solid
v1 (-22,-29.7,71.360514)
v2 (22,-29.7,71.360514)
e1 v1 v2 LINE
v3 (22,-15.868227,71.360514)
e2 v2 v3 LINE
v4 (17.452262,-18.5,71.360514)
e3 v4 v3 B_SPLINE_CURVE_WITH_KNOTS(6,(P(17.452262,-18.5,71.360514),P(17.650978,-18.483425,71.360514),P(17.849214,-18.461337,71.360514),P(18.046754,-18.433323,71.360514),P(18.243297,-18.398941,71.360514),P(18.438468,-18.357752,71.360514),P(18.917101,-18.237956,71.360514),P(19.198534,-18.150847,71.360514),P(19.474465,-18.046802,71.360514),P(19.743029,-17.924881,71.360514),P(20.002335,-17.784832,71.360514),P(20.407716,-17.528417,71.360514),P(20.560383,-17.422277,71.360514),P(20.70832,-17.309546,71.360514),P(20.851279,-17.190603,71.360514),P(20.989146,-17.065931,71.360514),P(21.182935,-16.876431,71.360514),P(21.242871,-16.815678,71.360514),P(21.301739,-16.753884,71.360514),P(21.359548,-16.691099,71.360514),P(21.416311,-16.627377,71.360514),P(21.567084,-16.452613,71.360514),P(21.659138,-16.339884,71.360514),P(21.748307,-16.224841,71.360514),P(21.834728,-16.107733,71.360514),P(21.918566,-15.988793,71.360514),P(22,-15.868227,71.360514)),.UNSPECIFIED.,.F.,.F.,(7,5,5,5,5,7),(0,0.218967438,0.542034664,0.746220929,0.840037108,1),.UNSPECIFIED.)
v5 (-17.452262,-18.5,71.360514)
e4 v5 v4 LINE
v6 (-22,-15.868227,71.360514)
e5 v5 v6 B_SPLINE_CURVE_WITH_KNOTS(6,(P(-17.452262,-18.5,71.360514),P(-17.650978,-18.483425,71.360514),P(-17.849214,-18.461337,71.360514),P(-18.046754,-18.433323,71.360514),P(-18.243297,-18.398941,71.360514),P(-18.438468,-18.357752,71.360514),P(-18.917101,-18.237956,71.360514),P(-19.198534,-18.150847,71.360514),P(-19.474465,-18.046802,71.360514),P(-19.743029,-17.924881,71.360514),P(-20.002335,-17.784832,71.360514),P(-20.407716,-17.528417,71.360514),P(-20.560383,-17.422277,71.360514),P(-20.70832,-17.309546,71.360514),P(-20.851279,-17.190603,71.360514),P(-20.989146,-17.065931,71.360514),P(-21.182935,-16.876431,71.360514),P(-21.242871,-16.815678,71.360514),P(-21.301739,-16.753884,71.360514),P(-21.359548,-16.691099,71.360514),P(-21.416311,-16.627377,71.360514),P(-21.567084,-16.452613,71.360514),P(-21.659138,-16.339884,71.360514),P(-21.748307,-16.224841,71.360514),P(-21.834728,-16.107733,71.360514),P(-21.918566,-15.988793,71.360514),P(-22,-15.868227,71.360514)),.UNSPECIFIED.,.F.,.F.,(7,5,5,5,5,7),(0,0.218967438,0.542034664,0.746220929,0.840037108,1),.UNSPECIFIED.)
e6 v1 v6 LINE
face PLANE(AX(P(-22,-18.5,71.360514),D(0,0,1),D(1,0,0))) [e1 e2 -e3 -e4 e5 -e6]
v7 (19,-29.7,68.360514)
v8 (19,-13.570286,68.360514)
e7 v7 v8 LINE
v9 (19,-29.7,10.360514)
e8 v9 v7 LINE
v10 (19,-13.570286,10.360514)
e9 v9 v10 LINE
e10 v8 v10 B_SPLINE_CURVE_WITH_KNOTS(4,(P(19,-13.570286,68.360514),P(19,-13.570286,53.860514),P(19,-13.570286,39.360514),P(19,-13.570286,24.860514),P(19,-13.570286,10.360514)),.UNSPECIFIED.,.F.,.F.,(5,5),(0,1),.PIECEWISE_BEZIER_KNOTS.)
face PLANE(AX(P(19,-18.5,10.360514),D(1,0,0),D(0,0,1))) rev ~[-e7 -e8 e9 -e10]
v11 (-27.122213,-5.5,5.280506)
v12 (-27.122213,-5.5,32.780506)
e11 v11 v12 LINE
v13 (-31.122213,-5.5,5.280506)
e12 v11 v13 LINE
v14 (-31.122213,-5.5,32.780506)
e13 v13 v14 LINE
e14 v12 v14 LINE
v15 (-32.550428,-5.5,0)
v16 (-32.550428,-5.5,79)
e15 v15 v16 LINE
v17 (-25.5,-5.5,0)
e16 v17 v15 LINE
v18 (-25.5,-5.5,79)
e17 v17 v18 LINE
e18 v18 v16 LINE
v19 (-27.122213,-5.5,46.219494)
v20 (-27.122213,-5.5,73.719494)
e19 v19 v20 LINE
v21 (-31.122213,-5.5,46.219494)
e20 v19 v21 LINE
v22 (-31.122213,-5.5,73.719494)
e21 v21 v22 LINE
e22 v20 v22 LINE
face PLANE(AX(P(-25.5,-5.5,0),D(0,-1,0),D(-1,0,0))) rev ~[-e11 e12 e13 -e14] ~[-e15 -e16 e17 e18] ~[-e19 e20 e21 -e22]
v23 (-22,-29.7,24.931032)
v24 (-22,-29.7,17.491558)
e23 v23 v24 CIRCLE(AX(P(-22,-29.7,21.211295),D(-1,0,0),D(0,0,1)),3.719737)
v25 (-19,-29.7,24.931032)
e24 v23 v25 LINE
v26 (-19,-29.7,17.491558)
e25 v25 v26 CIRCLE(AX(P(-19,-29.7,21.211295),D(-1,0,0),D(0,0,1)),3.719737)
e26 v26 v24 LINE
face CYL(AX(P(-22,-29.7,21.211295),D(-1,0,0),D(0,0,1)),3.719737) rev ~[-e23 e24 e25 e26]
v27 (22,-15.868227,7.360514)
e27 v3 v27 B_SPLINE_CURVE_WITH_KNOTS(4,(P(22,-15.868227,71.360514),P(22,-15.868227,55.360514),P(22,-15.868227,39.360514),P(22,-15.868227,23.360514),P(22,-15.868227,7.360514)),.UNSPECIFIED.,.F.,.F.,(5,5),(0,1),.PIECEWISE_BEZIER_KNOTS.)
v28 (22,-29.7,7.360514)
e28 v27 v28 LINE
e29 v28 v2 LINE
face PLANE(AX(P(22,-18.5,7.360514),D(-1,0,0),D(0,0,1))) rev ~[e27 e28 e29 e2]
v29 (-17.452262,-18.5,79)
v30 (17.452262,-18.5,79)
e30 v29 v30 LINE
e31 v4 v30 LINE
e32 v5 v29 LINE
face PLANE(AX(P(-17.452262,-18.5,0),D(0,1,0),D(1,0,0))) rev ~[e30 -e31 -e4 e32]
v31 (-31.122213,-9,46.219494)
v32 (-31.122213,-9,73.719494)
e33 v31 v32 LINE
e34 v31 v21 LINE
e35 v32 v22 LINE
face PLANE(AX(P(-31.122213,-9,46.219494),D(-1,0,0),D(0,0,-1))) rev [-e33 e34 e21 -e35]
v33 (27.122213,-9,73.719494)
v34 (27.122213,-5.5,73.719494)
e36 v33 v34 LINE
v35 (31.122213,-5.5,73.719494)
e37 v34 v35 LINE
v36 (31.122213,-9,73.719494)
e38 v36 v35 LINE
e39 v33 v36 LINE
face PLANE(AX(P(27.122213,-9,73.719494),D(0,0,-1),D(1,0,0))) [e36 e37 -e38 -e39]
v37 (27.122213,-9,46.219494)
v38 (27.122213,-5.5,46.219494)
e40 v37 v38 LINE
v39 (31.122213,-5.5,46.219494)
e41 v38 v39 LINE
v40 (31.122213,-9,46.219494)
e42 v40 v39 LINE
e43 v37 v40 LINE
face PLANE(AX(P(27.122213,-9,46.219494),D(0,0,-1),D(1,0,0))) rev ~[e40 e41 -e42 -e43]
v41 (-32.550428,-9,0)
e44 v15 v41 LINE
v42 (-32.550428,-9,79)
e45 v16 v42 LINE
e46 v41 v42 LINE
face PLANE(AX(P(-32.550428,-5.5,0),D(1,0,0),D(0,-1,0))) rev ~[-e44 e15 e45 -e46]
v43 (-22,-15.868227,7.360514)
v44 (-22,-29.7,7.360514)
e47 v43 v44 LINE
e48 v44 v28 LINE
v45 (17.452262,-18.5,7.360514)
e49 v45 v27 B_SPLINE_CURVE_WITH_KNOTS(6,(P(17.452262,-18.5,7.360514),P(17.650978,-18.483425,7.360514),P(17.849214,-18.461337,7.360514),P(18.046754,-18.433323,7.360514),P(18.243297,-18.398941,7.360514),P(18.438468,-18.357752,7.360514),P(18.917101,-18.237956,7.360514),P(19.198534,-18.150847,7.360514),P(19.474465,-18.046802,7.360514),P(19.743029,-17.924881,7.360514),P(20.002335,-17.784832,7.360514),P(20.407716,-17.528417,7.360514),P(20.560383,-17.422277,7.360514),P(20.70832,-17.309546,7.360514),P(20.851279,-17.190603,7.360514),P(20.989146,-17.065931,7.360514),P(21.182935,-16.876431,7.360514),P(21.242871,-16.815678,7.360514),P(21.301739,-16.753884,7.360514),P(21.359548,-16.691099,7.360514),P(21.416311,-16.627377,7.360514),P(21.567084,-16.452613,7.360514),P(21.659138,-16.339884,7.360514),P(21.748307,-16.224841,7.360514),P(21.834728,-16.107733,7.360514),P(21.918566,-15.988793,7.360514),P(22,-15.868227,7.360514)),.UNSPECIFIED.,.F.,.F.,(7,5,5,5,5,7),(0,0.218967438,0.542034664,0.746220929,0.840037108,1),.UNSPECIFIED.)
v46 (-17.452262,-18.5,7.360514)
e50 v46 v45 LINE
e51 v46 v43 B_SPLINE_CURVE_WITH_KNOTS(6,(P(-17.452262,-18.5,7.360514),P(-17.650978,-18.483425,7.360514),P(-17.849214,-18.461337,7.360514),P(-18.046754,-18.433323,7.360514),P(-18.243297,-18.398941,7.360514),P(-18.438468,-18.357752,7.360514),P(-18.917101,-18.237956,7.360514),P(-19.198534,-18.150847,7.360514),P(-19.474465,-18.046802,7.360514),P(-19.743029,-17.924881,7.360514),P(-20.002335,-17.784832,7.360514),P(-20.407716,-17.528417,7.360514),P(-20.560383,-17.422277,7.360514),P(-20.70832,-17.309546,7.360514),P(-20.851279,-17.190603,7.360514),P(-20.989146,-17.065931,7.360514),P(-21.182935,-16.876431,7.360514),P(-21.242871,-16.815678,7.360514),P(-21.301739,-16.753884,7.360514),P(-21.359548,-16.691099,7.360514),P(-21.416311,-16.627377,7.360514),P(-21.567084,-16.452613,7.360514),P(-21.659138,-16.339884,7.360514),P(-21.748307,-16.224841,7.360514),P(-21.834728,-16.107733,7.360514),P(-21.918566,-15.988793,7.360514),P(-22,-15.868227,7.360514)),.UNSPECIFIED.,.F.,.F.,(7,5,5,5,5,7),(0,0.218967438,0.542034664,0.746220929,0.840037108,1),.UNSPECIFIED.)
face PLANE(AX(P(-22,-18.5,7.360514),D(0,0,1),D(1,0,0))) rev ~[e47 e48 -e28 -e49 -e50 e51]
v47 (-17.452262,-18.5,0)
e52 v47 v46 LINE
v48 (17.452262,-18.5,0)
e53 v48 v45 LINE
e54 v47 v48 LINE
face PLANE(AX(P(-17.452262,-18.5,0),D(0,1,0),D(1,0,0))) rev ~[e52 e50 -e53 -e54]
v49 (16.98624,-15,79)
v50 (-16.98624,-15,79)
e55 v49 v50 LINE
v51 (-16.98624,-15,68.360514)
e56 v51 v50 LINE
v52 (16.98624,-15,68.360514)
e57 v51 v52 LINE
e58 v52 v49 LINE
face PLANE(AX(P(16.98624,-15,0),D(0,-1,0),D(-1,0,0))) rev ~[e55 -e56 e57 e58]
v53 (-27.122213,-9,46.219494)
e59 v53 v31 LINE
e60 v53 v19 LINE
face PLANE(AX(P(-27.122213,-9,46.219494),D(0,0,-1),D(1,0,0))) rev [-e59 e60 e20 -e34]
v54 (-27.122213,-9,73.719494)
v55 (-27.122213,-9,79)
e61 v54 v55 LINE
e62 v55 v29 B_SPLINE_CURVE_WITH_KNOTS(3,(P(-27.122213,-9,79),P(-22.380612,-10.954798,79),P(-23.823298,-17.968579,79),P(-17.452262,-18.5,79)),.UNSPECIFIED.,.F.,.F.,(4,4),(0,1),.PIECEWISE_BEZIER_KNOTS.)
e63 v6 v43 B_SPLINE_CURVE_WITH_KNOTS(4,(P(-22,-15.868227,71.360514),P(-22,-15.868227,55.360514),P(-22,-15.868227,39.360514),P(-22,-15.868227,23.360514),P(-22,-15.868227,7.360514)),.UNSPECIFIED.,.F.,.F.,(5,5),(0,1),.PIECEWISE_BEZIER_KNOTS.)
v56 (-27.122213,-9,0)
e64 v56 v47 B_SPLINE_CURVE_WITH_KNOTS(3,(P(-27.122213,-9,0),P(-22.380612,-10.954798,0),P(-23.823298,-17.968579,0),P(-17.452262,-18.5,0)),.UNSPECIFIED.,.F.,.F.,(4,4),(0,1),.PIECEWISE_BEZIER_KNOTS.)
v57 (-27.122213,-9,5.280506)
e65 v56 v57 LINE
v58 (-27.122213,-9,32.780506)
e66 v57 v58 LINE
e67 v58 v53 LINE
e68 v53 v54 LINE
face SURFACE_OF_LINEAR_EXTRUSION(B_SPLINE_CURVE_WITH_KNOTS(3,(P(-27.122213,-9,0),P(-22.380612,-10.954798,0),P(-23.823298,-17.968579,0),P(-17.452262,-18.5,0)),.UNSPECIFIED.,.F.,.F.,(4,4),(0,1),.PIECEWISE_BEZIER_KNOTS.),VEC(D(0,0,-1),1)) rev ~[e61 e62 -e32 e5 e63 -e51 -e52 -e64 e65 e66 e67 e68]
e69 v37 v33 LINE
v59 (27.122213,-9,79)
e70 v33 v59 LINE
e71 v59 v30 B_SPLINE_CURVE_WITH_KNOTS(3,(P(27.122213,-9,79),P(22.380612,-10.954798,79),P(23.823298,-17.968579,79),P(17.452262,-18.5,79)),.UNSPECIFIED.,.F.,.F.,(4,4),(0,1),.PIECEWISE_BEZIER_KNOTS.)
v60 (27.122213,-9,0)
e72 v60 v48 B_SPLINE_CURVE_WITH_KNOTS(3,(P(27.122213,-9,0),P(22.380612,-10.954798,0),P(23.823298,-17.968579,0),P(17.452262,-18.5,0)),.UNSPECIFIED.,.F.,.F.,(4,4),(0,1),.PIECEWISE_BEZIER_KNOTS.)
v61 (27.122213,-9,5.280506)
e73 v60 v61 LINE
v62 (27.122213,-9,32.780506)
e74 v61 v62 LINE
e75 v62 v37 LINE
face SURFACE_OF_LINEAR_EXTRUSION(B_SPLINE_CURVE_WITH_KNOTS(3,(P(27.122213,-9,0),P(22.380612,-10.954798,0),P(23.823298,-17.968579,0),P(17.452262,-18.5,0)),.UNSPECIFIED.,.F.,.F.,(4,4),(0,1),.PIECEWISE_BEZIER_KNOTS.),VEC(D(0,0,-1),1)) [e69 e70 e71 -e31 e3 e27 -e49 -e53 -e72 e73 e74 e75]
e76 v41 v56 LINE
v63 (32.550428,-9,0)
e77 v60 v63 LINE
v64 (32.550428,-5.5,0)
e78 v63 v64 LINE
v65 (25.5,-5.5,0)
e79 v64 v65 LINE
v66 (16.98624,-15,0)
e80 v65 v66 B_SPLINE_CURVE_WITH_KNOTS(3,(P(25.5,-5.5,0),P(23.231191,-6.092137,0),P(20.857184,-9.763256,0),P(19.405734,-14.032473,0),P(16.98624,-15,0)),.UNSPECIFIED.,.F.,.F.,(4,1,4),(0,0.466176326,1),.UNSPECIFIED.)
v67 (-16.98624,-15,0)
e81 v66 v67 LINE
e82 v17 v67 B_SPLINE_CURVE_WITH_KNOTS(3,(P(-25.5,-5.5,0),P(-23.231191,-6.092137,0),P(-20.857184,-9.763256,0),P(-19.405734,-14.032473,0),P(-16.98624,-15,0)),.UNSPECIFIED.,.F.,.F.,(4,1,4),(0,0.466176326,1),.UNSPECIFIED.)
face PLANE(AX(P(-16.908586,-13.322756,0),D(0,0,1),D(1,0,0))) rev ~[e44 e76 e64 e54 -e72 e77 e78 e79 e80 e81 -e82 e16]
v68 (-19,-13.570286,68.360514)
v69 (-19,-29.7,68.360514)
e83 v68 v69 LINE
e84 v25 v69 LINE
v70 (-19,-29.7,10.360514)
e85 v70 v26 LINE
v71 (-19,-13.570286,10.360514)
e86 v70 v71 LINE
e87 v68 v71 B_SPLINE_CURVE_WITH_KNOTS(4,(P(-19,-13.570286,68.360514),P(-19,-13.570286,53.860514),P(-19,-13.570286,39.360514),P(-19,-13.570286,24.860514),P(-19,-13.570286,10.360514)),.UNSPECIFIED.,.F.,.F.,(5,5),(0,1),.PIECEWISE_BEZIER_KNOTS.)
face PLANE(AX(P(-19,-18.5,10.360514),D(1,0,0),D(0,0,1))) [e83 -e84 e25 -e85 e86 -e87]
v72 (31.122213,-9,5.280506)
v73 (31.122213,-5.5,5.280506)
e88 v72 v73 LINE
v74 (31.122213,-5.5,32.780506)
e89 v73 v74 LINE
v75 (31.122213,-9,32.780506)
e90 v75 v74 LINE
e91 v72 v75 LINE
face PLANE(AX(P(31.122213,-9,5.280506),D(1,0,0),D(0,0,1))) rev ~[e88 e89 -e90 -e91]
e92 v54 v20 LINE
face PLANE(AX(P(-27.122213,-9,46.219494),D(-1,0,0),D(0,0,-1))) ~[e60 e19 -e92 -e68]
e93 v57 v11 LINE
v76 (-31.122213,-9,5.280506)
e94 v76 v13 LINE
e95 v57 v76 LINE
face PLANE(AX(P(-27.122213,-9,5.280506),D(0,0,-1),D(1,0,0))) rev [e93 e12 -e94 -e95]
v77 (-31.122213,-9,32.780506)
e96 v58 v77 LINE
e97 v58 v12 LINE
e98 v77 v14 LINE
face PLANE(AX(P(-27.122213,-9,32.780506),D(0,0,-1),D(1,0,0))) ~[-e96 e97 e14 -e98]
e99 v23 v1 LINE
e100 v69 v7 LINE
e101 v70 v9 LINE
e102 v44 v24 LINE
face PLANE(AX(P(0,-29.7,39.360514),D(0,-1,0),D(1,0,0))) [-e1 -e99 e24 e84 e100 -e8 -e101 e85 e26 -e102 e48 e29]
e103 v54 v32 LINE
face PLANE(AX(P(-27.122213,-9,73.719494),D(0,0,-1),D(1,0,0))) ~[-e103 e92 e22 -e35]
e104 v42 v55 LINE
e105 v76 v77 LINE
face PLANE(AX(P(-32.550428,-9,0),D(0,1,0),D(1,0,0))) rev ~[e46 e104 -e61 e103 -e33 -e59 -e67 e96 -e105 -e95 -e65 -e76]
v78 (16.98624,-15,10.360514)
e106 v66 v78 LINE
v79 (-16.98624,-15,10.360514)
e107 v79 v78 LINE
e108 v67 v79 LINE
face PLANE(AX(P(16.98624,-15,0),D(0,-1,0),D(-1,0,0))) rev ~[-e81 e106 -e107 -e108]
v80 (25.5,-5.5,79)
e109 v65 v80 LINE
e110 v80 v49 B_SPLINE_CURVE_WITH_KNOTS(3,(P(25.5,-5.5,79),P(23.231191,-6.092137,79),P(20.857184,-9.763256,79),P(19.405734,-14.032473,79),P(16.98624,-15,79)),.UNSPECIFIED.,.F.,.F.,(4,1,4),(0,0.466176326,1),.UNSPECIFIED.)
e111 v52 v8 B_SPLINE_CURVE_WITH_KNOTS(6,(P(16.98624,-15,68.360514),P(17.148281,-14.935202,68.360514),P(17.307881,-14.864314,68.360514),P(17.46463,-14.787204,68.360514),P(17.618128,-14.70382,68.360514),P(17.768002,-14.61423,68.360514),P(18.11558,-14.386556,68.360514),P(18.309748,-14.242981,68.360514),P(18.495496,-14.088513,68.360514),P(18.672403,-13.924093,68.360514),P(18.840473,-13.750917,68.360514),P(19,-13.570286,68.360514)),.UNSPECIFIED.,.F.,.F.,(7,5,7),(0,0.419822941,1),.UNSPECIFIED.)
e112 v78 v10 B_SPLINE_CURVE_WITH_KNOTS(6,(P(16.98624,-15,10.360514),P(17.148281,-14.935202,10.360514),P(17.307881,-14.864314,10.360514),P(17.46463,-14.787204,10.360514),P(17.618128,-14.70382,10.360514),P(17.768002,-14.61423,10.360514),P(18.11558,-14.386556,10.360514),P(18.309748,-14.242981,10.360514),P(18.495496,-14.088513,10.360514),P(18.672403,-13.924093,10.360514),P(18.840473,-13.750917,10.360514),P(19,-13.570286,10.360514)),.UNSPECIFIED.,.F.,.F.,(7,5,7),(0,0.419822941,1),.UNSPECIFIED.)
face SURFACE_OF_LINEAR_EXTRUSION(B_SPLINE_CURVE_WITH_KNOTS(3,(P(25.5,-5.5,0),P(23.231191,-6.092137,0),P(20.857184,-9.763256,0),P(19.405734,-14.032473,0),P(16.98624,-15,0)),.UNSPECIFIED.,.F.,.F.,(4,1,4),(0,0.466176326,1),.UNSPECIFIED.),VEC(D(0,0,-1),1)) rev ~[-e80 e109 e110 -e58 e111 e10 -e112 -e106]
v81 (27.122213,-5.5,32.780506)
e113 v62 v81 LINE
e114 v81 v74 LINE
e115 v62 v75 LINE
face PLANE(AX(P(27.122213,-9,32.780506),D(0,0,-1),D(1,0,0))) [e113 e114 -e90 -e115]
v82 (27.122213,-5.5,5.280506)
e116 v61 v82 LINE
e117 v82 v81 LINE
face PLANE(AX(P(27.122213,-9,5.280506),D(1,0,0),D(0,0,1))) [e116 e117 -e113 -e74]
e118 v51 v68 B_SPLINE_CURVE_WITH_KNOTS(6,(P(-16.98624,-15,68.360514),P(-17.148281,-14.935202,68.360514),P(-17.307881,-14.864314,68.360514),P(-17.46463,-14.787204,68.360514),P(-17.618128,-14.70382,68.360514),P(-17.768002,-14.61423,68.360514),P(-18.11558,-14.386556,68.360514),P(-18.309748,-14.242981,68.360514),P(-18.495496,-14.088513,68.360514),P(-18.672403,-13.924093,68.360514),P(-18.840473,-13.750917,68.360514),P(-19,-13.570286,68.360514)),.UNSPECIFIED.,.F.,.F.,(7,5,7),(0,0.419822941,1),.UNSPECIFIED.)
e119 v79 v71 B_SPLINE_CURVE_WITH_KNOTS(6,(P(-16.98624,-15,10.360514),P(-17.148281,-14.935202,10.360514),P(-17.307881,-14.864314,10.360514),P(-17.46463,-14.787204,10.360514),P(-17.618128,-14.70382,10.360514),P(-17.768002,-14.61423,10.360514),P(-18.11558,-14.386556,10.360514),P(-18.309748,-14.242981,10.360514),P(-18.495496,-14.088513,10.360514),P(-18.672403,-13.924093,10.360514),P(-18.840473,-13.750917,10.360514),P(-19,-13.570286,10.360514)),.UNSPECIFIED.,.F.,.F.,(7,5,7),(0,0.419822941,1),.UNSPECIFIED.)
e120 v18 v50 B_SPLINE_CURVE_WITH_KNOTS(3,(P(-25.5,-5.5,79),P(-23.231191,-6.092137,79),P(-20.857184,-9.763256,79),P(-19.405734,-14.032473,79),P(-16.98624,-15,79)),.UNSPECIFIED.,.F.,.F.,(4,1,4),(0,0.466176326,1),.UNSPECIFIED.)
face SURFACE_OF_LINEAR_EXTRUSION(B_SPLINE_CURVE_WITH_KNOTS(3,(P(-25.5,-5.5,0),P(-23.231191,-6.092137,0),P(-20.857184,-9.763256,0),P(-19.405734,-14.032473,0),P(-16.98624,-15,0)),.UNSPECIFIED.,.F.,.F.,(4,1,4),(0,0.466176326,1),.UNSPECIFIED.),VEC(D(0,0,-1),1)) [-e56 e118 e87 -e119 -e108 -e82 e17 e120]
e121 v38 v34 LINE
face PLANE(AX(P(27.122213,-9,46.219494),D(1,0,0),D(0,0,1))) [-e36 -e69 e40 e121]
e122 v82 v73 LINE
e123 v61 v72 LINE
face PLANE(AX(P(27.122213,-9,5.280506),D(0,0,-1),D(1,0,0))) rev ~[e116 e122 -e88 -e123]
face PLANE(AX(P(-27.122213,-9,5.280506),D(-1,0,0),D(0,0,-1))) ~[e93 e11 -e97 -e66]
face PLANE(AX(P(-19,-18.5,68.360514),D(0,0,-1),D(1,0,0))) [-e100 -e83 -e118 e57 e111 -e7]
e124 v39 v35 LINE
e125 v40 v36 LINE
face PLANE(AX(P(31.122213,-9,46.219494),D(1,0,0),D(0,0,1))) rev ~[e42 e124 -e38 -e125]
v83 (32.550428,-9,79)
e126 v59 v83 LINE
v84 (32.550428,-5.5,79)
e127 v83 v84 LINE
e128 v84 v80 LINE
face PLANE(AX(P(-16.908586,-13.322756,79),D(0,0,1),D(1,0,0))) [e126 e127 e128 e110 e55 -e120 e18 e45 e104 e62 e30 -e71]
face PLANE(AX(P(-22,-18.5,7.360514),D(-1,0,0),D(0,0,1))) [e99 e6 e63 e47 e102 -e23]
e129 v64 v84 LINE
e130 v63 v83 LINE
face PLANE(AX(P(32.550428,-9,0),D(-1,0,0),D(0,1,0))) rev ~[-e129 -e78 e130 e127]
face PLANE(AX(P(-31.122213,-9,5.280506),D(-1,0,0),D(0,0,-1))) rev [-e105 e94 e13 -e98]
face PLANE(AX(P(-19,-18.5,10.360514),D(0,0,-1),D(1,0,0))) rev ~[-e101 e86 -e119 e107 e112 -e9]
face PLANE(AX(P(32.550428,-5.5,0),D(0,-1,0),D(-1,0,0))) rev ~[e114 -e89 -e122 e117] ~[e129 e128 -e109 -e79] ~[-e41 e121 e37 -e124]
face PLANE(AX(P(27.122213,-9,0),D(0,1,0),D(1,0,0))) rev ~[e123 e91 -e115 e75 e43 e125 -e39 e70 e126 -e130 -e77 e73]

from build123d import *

# Parameters (mm, degrees)
BOSS_EXTRUDE1_DEPTH = 79
SKETCH2_W           = 38
SKETCH2_H           = 58
CUT_EXTRUDE1_DEPTH  = 79
SKETCH2_4_W         = 44
SKETCH2_4_H         = 64
SKETCH2_4_W_2       = 38
SKETCH2_4_H_2       = 58
BOSS_EXTRUDE2_DEPTH = 11.2
BOSS_EXTRUDE3_REACH = 88.426
BOSS_EXTRUDE4_REACH = 88.426
SKETCH3_W           = 4
SKETCH3_H           = 27.5
CUT_EXTRUDE2_DEPTH  = 11.2
SKETCH4_R           = 3.719736595
CUT_EXTRUDE3_DEPTH  = 11.2


with BuildPart() as part:
    # Sketch1 → Boss-Extrude1 (new body)
    with BuildSketch(Plane.XY):
        with BuildLine():
            add(Edge.make_bspline(
                [(-25.5, -5.5), (-23.231190988, -6.092136591), (-20.857183856, -9.763256189), (-19.405733653, -14.032473401), (-16.986240344, -15)],
                knots=[0, 0, 0, 0, 0.466176326, 1, 1, 1, 1], degree=3))
            Line((-25.5, -5.5), (-32.550427966, -5.5))
            Line((-32.550427966, -5.5), (-32.550427966, -9))
            Line((-32.550427966, -9), (-27.122212975, -9))
            add(Edge.make_bspline(
                [(-27.122212975, -9), (-22.380611745, -10.95479786), (-23.823298098, -17.968578536), (-17.452262353, -18.5)],
                knots=[0, 0, 0, 0, 1, 1, 1, 1], degree=3))
            Line((-17.452262353, -18.5), (17.452262353, -18.5))
            add(Edge.make_bspline(
                [(27.122212975, -9), (22.380611745, -10.95479786), (23.823298098, -17.968578536), (17.452262353, -18.5)],
                knots=[0, 0, 0, 0, 1, 1, 1, 1], degree=3))
            Line((27.122212975, -9), (32.550427966, -9))
            Line((32.550427966, -9), (32.550427966, -5.5))
            Line((32.550427966, -5.5), (25.5, -5.5))
            add(Edge.make_bspline(
                [(25.5, -5.5), (23.231190988, -6.092136591), (20.857183856, -9.763256189), (19.405733653, -14.032473401), (16.986240344, -15)],
                knots=[0, 0, 0, 0, 0.466176326, 1, 1, 1, 1], degree=3))
            Line((16.986240344, -15), (-16.986240344, -15))
        make_face()
    extrude(amount=BOSS_EXTRUDE1_DEPTH)

    # Sketch2 → Cut-Extrude1 (cut)
    with BuildSketch(Plane.XZ.offset(18.5)):
        with Locations((0, 39.360513879)):
            Rectangle(SKETCH2_W, SKETCH2_H)
    extrude(amount=-CUT_EXTRUDE1_DEPTH, mode=Mode.SUBTRACT)

    # Sketch2<4> → Boss-Extrude2 (add)
    with BuildSketch(Plane.XZ.offset(18.5)):
        with Locations((0, 39.360513879)):
            Rectangle(SKETCH2_4_W, SKETCH2_4_H)
        with Locations((0, 39.360513879)):
            Rectangle(SKETCH2_4_W_2, SKETCH2_4_H_2, mode=Mode.SUBTRACT)
    extrude(amount=BOSS_EXTRUDE2_DEPTH)

    # Sketch2<8> → Boss-Extrude3 (add, up to next)
    with BuildSketch(Plane.XZ.offset(18.5), mode=Mode.PRIVATE) as boss_extrude3_sk1:
        Polygon((-19, 10.360513879), (-19, 68.360513879), (-17.452262353, 68.360513879), (-17.452262353, 71.360513879), (-22, 71.360513879), (-22, 7.360513879), (-17.452262353, 7.360513879), (-17.452262353, 10.360513879), align=None)
    boss_extrude3_tool1 = extrude(boss_extrude3_sk1.sketch, amount=-BOSS_EXTRUDE3_REACH, mode=Mode.PRIVATE) - part.part
    add(boss_extrude3_tool1.solids().sort_by_distance((-20.395094, -18.5, 39.360514))[0])

    # Sketch2<9> → Boss-Extrude4 (add, up to next)
    with BuildSketch(Plane.XZ.offset(18.5), mode=Mode.PRIVATE) as boss_extrude4_sk1:
        Polygon((17.452262353, 71.360513879), (17.452262353, 68.360513879), (19, 68.360513879), (19, 10.360513879), (17.452262353, 10.360513879), (17.452262353, 7.360513879), (22, 7.360513879), (22, 71.360513879), align=None)
    boss_extrude4_tool1 = extrude(boss_extrude4_sk1.sketch, amount=-BOSS_EXTRUDE4_REACH, mode=Mode.PRIVATE) - part.part
    add(boss_extrude4_tool1.solids().sort_by_distance((20.395094, -18.5, 39.360514))[0])

    # Sketch3 → Cut-Extrude2 (cut)
    with BuildSketch(Plane.XZ.offset(9)):
        with Locations((29.122212975, 59.969493631)):
            Rectangle(SKETCH3_W, SKETCH3_H)
        with Locations((29.122212975, 19.030506369)):
            Rectangle(SKETCH3_W, SKETCH3_H)
    cut_extrude2 = extrude(amount=-CUT_EXTRUDE2_DEPTH, mode=Mode.SUBTRACT)

    # Mirror1: Cut-Extrude2 across plane
    add(cut_extrude2.mirror(Plane(origin=(0, 0, 0), x_dir=(0, 0, 1), z_dir=(1, 0, 0))), mode=Mode.SUBTRACT)

    # Sketch4 → Cut-Extrude3 (cut)
    with BuildSketch(Plane.ZY.offset(22)):
        with Locations((21.211295074, -29.7)):
            Circle(SKETCH4_R)
    extrude(amount=-CUT_EXTRUDE3_DEPTH, mode=Mode.SUBTRACT)


solid = part.part
